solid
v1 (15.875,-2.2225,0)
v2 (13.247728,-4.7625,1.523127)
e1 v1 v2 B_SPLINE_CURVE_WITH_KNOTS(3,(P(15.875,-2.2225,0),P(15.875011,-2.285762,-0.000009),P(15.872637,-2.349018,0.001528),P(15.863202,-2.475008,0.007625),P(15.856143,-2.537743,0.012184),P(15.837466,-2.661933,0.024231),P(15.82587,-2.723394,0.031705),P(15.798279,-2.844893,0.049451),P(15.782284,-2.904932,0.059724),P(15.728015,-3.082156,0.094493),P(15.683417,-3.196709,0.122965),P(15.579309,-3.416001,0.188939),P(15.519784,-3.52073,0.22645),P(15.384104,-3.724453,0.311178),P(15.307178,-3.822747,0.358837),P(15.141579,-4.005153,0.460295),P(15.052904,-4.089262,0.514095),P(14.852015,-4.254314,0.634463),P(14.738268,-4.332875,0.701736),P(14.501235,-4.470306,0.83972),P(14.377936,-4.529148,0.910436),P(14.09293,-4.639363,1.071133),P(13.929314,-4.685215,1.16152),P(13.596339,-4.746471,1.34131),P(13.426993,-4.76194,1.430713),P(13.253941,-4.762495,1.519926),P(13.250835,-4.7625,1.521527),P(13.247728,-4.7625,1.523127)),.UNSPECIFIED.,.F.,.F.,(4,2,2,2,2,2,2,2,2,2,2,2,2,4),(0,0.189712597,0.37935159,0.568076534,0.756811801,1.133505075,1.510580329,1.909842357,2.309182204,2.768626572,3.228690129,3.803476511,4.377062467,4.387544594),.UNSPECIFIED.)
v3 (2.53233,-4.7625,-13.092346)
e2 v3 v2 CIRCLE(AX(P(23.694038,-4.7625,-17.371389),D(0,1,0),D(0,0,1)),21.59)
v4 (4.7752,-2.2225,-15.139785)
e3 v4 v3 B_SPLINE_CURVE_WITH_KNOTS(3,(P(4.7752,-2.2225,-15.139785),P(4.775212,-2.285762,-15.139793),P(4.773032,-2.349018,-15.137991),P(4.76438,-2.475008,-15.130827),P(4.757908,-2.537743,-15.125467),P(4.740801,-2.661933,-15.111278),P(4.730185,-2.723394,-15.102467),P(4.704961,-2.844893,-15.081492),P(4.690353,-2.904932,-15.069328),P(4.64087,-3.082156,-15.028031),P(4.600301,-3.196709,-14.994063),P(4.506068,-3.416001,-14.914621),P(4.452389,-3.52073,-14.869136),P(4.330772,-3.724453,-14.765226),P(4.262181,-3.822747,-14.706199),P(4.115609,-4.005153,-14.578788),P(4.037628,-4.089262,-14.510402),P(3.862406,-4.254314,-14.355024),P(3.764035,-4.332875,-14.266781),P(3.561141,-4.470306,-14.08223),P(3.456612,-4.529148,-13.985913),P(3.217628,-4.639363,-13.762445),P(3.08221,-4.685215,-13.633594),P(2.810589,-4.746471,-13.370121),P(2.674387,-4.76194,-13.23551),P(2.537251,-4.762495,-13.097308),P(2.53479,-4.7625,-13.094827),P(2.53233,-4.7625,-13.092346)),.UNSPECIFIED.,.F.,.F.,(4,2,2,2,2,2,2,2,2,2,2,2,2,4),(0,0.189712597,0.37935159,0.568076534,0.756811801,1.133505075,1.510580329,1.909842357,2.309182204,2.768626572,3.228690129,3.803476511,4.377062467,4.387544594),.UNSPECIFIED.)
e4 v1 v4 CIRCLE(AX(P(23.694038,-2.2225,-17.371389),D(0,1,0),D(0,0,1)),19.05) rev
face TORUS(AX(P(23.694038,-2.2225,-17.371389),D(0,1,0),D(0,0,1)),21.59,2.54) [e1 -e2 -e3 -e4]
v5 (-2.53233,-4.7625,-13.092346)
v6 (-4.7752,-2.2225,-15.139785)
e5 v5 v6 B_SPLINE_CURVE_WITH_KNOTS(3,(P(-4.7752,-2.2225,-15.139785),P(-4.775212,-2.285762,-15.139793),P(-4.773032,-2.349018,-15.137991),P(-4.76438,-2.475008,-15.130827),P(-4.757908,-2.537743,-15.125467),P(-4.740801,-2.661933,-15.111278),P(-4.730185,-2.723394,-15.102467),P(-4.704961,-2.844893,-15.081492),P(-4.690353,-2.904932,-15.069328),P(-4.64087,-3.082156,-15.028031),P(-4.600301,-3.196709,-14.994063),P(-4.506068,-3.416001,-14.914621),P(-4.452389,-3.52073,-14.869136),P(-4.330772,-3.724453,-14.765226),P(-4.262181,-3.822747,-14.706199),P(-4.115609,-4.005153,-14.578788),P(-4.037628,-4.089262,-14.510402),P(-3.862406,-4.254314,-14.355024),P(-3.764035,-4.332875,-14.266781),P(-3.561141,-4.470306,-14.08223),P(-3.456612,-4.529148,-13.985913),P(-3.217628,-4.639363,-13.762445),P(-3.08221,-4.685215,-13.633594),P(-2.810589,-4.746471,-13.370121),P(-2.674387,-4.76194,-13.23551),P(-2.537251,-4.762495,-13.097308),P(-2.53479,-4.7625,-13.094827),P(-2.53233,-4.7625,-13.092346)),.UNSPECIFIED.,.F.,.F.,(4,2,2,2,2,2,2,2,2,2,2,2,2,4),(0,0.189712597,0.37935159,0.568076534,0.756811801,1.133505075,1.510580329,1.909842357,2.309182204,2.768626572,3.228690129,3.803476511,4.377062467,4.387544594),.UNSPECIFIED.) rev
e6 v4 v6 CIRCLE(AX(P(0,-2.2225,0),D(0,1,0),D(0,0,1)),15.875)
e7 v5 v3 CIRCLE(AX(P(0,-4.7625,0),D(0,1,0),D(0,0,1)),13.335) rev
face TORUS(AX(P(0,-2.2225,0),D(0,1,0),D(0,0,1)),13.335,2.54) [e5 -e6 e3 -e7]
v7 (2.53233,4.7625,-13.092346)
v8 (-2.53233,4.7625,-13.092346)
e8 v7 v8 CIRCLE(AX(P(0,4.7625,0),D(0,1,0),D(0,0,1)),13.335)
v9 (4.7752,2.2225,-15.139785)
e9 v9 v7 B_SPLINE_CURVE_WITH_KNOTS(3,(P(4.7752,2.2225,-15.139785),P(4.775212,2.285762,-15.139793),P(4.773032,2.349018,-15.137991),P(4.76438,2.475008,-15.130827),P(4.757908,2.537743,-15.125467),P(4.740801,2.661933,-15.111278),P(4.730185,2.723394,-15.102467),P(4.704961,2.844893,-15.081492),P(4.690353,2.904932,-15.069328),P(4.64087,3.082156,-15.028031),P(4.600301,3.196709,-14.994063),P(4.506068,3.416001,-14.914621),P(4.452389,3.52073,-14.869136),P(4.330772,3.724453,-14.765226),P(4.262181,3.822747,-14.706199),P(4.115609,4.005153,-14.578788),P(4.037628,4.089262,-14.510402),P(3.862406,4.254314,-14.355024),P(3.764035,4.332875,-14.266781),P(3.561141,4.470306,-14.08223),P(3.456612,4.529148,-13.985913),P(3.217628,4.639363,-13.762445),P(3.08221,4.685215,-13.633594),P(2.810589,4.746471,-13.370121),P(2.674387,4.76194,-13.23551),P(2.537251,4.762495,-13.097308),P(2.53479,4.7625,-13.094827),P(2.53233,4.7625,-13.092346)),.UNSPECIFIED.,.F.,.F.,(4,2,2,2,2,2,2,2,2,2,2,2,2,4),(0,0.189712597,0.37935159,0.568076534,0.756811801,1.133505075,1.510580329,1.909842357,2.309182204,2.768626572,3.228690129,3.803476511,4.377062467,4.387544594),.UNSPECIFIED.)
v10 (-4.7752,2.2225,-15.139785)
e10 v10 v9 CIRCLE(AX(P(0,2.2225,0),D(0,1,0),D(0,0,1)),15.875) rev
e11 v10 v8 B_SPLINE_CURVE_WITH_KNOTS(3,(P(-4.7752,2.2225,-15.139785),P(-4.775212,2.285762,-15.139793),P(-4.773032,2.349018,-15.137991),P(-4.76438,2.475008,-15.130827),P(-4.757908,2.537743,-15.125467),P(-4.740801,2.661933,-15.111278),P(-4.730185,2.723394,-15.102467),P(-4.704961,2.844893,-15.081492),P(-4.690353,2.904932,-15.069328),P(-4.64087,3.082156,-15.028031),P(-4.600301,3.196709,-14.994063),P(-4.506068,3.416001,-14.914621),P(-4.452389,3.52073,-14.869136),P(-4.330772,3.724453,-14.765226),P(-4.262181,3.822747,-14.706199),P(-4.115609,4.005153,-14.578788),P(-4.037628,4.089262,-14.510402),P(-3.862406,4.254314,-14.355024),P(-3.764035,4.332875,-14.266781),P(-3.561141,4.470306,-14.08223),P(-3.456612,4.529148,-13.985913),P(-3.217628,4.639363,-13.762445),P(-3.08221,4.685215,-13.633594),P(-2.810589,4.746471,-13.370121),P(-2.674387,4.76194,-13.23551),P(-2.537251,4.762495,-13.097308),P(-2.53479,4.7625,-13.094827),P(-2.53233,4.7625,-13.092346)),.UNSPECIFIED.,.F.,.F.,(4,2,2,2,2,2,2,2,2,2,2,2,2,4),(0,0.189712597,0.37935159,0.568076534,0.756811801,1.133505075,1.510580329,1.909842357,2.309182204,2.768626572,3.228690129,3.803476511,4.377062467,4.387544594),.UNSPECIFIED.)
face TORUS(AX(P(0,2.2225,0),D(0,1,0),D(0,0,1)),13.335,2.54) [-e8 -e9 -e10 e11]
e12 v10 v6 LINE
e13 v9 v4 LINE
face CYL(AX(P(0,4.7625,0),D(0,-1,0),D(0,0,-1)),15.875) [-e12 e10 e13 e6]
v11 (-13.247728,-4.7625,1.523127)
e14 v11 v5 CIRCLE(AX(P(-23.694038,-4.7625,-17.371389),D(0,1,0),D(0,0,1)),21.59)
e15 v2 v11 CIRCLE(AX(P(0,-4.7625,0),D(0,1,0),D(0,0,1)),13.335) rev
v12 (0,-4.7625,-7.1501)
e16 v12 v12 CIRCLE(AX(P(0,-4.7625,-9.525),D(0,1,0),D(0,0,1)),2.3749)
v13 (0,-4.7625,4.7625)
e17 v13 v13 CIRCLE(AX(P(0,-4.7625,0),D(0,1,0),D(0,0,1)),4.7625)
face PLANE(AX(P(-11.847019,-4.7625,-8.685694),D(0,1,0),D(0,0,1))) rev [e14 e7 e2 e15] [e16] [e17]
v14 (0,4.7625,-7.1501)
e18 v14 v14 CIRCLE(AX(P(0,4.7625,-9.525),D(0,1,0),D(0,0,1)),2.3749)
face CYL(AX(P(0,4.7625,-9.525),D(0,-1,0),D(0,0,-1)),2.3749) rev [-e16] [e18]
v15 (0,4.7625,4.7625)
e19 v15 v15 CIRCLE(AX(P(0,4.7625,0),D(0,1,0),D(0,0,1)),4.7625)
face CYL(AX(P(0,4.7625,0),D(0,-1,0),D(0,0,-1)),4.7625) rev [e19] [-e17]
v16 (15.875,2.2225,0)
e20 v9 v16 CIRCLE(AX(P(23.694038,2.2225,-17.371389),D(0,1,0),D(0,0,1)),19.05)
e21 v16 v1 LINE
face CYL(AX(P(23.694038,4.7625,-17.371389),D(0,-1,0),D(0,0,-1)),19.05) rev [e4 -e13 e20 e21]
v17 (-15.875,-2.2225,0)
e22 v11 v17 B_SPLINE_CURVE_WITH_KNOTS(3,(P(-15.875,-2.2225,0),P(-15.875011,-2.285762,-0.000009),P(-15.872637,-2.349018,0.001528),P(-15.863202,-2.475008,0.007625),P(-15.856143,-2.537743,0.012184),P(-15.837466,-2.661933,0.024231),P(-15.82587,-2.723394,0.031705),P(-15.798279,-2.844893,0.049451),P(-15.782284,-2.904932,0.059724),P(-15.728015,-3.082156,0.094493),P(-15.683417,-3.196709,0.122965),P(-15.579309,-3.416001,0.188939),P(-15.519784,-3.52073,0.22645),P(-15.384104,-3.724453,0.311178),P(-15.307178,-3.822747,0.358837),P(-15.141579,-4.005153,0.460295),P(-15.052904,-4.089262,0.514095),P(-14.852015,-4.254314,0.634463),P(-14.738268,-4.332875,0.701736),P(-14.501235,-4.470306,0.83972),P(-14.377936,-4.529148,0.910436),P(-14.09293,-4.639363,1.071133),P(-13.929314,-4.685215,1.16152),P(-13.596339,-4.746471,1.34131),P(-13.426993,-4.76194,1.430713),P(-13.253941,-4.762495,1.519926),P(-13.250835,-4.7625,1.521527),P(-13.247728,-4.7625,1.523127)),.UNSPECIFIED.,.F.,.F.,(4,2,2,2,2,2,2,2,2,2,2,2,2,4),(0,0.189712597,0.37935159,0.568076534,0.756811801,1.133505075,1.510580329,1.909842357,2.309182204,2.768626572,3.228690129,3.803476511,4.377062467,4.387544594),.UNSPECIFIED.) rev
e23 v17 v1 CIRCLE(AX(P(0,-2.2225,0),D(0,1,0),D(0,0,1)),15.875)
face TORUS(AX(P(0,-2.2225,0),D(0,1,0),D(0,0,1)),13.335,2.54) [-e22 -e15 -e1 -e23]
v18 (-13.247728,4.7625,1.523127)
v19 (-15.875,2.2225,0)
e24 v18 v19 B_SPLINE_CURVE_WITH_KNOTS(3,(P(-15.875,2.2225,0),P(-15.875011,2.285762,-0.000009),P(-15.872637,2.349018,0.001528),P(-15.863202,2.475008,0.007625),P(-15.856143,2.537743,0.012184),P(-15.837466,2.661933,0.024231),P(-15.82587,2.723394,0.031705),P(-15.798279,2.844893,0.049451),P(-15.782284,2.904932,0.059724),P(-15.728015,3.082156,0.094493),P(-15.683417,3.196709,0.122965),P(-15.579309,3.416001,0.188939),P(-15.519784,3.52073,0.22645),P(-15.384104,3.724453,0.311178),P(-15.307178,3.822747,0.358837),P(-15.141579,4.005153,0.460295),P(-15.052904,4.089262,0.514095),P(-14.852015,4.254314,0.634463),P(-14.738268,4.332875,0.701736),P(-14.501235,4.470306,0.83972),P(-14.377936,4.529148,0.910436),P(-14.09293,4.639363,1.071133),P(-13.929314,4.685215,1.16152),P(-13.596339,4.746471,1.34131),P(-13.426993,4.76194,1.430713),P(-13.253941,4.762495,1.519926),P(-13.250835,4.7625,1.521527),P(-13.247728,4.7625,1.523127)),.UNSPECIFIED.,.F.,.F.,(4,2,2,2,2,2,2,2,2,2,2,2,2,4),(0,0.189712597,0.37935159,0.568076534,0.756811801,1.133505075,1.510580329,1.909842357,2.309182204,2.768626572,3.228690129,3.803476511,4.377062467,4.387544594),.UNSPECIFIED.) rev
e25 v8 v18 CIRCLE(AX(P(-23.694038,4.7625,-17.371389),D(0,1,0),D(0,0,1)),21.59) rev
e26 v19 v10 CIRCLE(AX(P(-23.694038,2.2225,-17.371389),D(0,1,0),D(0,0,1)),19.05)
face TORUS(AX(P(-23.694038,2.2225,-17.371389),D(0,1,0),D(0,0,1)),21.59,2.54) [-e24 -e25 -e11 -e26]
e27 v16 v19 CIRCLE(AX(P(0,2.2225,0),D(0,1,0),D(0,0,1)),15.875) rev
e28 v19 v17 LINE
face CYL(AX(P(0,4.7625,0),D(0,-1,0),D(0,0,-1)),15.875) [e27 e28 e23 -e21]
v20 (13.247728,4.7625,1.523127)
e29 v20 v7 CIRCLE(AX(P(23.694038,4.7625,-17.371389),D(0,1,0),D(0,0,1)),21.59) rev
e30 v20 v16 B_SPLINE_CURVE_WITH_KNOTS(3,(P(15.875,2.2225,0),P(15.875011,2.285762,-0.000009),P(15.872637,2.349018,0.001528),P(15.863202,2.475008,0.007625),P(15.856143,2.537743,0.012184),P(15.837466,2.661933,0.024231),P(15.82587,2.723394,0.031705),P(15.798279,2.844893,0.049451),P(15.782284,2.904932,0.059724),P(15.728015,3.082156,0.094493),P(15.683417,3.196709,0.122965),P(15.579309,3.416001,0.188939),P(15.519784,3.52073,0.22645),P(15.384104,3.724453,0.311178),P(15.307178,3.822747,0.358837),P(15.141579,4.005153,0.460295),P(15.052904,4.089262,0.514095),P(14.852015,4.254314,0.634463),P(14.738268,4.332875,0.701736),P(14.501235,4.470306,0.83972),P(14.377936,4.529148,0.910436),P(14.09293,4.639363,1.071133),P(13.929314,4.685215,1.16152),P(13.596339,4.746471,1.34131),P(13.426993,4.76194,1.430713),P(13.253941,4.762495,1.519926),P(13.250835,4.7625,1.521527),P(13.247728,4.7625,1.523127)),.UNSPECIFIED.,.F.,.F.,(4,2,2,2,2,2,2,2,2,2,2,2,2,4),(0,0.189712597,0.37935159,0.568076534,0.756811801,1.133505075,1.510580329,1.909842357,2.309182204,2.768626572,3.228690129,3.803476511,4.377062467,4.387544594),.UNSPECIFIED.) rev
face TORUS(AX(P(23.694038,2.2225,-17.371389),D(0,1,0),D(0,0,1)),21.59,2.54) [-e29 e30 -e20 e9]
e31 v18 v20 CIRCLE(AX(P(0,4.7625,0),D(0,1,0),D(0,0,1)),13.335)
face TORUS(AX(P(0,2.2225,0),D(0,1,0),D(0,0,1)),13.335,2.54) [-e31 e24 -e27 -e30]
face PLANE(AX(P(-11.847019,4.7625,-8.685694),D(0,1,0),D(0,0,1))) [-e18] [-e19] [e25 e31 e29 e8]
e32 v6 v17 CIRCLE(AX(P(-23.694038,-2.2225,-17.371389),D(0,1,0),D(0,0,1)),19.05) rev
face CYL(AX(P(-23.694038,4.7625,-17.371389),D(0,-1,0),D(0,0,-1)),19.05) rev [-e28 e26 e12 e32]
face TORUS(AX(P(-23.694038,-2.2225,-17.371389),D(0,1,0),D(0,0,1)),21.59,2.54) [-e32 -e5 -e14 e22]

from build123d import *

# Parameters (mm, degrees)
SKETCH1_R           = 4.7625
SKETCH1_R_2         = 2.3749
BOSS_EXTRUDE1_DEPTH = 4.7625
FILLET1_R           = 2.54


with BuildPart() as part:
    # Sketch1 → Boss-Extrude1 (new body, symmetric)
    with BuildSketch(Plane(origin=(0, 0, 0), x_dir=(1, 0, 0), z_dir=(0, 1, 0))):
        with BuildLine():
            ThreePointArc((-15.875, 0), (0, -15.875), (15.875, 0))
            ThreePointArc((15.875, 0), (8.330712377, 6.107698439), (4.7752, 15.139785004))
            ThreePointArc((4.7752, 15.139785004), (0, 15.875), (-4.7752, 15.139785004))
            ThreePointArc((-4.7752, 15.139785004), (-8.330712377, 6.107698439), (-15.875, 0))
        make_face()
        Circle(SKETCH1_R, mode=Mode.SUBTRACT)
        with Locations((0, 9.525)):
            Circle(SKETCH1_R_2, mode=Mode.SUBTRACT)
    extrude(amount=BOSS_EXTRUDE1_DEPTH, both=True)

    # Fillet1
    fillet1_edges = [part.edges().sort_by_distance(p)[0] for p in [
        (0, 4.7625, 15.875),
        (8.330712377, 4.7625, -6.107698439),
        (0, 4.7625, -15.875),
        (8.330712377, -4.7625, -6.107698439),
        (0, -4.7625, 15.875),
        (-8.330712377, -4.7625, -6.107698439),
        (0, -4.7625, -15.875),
        (-8.330712377, 4.7625, -6.107698439),
    ]]
    fillet(fillet1_edges, radius=FILLET1_R)


solid = part.part
